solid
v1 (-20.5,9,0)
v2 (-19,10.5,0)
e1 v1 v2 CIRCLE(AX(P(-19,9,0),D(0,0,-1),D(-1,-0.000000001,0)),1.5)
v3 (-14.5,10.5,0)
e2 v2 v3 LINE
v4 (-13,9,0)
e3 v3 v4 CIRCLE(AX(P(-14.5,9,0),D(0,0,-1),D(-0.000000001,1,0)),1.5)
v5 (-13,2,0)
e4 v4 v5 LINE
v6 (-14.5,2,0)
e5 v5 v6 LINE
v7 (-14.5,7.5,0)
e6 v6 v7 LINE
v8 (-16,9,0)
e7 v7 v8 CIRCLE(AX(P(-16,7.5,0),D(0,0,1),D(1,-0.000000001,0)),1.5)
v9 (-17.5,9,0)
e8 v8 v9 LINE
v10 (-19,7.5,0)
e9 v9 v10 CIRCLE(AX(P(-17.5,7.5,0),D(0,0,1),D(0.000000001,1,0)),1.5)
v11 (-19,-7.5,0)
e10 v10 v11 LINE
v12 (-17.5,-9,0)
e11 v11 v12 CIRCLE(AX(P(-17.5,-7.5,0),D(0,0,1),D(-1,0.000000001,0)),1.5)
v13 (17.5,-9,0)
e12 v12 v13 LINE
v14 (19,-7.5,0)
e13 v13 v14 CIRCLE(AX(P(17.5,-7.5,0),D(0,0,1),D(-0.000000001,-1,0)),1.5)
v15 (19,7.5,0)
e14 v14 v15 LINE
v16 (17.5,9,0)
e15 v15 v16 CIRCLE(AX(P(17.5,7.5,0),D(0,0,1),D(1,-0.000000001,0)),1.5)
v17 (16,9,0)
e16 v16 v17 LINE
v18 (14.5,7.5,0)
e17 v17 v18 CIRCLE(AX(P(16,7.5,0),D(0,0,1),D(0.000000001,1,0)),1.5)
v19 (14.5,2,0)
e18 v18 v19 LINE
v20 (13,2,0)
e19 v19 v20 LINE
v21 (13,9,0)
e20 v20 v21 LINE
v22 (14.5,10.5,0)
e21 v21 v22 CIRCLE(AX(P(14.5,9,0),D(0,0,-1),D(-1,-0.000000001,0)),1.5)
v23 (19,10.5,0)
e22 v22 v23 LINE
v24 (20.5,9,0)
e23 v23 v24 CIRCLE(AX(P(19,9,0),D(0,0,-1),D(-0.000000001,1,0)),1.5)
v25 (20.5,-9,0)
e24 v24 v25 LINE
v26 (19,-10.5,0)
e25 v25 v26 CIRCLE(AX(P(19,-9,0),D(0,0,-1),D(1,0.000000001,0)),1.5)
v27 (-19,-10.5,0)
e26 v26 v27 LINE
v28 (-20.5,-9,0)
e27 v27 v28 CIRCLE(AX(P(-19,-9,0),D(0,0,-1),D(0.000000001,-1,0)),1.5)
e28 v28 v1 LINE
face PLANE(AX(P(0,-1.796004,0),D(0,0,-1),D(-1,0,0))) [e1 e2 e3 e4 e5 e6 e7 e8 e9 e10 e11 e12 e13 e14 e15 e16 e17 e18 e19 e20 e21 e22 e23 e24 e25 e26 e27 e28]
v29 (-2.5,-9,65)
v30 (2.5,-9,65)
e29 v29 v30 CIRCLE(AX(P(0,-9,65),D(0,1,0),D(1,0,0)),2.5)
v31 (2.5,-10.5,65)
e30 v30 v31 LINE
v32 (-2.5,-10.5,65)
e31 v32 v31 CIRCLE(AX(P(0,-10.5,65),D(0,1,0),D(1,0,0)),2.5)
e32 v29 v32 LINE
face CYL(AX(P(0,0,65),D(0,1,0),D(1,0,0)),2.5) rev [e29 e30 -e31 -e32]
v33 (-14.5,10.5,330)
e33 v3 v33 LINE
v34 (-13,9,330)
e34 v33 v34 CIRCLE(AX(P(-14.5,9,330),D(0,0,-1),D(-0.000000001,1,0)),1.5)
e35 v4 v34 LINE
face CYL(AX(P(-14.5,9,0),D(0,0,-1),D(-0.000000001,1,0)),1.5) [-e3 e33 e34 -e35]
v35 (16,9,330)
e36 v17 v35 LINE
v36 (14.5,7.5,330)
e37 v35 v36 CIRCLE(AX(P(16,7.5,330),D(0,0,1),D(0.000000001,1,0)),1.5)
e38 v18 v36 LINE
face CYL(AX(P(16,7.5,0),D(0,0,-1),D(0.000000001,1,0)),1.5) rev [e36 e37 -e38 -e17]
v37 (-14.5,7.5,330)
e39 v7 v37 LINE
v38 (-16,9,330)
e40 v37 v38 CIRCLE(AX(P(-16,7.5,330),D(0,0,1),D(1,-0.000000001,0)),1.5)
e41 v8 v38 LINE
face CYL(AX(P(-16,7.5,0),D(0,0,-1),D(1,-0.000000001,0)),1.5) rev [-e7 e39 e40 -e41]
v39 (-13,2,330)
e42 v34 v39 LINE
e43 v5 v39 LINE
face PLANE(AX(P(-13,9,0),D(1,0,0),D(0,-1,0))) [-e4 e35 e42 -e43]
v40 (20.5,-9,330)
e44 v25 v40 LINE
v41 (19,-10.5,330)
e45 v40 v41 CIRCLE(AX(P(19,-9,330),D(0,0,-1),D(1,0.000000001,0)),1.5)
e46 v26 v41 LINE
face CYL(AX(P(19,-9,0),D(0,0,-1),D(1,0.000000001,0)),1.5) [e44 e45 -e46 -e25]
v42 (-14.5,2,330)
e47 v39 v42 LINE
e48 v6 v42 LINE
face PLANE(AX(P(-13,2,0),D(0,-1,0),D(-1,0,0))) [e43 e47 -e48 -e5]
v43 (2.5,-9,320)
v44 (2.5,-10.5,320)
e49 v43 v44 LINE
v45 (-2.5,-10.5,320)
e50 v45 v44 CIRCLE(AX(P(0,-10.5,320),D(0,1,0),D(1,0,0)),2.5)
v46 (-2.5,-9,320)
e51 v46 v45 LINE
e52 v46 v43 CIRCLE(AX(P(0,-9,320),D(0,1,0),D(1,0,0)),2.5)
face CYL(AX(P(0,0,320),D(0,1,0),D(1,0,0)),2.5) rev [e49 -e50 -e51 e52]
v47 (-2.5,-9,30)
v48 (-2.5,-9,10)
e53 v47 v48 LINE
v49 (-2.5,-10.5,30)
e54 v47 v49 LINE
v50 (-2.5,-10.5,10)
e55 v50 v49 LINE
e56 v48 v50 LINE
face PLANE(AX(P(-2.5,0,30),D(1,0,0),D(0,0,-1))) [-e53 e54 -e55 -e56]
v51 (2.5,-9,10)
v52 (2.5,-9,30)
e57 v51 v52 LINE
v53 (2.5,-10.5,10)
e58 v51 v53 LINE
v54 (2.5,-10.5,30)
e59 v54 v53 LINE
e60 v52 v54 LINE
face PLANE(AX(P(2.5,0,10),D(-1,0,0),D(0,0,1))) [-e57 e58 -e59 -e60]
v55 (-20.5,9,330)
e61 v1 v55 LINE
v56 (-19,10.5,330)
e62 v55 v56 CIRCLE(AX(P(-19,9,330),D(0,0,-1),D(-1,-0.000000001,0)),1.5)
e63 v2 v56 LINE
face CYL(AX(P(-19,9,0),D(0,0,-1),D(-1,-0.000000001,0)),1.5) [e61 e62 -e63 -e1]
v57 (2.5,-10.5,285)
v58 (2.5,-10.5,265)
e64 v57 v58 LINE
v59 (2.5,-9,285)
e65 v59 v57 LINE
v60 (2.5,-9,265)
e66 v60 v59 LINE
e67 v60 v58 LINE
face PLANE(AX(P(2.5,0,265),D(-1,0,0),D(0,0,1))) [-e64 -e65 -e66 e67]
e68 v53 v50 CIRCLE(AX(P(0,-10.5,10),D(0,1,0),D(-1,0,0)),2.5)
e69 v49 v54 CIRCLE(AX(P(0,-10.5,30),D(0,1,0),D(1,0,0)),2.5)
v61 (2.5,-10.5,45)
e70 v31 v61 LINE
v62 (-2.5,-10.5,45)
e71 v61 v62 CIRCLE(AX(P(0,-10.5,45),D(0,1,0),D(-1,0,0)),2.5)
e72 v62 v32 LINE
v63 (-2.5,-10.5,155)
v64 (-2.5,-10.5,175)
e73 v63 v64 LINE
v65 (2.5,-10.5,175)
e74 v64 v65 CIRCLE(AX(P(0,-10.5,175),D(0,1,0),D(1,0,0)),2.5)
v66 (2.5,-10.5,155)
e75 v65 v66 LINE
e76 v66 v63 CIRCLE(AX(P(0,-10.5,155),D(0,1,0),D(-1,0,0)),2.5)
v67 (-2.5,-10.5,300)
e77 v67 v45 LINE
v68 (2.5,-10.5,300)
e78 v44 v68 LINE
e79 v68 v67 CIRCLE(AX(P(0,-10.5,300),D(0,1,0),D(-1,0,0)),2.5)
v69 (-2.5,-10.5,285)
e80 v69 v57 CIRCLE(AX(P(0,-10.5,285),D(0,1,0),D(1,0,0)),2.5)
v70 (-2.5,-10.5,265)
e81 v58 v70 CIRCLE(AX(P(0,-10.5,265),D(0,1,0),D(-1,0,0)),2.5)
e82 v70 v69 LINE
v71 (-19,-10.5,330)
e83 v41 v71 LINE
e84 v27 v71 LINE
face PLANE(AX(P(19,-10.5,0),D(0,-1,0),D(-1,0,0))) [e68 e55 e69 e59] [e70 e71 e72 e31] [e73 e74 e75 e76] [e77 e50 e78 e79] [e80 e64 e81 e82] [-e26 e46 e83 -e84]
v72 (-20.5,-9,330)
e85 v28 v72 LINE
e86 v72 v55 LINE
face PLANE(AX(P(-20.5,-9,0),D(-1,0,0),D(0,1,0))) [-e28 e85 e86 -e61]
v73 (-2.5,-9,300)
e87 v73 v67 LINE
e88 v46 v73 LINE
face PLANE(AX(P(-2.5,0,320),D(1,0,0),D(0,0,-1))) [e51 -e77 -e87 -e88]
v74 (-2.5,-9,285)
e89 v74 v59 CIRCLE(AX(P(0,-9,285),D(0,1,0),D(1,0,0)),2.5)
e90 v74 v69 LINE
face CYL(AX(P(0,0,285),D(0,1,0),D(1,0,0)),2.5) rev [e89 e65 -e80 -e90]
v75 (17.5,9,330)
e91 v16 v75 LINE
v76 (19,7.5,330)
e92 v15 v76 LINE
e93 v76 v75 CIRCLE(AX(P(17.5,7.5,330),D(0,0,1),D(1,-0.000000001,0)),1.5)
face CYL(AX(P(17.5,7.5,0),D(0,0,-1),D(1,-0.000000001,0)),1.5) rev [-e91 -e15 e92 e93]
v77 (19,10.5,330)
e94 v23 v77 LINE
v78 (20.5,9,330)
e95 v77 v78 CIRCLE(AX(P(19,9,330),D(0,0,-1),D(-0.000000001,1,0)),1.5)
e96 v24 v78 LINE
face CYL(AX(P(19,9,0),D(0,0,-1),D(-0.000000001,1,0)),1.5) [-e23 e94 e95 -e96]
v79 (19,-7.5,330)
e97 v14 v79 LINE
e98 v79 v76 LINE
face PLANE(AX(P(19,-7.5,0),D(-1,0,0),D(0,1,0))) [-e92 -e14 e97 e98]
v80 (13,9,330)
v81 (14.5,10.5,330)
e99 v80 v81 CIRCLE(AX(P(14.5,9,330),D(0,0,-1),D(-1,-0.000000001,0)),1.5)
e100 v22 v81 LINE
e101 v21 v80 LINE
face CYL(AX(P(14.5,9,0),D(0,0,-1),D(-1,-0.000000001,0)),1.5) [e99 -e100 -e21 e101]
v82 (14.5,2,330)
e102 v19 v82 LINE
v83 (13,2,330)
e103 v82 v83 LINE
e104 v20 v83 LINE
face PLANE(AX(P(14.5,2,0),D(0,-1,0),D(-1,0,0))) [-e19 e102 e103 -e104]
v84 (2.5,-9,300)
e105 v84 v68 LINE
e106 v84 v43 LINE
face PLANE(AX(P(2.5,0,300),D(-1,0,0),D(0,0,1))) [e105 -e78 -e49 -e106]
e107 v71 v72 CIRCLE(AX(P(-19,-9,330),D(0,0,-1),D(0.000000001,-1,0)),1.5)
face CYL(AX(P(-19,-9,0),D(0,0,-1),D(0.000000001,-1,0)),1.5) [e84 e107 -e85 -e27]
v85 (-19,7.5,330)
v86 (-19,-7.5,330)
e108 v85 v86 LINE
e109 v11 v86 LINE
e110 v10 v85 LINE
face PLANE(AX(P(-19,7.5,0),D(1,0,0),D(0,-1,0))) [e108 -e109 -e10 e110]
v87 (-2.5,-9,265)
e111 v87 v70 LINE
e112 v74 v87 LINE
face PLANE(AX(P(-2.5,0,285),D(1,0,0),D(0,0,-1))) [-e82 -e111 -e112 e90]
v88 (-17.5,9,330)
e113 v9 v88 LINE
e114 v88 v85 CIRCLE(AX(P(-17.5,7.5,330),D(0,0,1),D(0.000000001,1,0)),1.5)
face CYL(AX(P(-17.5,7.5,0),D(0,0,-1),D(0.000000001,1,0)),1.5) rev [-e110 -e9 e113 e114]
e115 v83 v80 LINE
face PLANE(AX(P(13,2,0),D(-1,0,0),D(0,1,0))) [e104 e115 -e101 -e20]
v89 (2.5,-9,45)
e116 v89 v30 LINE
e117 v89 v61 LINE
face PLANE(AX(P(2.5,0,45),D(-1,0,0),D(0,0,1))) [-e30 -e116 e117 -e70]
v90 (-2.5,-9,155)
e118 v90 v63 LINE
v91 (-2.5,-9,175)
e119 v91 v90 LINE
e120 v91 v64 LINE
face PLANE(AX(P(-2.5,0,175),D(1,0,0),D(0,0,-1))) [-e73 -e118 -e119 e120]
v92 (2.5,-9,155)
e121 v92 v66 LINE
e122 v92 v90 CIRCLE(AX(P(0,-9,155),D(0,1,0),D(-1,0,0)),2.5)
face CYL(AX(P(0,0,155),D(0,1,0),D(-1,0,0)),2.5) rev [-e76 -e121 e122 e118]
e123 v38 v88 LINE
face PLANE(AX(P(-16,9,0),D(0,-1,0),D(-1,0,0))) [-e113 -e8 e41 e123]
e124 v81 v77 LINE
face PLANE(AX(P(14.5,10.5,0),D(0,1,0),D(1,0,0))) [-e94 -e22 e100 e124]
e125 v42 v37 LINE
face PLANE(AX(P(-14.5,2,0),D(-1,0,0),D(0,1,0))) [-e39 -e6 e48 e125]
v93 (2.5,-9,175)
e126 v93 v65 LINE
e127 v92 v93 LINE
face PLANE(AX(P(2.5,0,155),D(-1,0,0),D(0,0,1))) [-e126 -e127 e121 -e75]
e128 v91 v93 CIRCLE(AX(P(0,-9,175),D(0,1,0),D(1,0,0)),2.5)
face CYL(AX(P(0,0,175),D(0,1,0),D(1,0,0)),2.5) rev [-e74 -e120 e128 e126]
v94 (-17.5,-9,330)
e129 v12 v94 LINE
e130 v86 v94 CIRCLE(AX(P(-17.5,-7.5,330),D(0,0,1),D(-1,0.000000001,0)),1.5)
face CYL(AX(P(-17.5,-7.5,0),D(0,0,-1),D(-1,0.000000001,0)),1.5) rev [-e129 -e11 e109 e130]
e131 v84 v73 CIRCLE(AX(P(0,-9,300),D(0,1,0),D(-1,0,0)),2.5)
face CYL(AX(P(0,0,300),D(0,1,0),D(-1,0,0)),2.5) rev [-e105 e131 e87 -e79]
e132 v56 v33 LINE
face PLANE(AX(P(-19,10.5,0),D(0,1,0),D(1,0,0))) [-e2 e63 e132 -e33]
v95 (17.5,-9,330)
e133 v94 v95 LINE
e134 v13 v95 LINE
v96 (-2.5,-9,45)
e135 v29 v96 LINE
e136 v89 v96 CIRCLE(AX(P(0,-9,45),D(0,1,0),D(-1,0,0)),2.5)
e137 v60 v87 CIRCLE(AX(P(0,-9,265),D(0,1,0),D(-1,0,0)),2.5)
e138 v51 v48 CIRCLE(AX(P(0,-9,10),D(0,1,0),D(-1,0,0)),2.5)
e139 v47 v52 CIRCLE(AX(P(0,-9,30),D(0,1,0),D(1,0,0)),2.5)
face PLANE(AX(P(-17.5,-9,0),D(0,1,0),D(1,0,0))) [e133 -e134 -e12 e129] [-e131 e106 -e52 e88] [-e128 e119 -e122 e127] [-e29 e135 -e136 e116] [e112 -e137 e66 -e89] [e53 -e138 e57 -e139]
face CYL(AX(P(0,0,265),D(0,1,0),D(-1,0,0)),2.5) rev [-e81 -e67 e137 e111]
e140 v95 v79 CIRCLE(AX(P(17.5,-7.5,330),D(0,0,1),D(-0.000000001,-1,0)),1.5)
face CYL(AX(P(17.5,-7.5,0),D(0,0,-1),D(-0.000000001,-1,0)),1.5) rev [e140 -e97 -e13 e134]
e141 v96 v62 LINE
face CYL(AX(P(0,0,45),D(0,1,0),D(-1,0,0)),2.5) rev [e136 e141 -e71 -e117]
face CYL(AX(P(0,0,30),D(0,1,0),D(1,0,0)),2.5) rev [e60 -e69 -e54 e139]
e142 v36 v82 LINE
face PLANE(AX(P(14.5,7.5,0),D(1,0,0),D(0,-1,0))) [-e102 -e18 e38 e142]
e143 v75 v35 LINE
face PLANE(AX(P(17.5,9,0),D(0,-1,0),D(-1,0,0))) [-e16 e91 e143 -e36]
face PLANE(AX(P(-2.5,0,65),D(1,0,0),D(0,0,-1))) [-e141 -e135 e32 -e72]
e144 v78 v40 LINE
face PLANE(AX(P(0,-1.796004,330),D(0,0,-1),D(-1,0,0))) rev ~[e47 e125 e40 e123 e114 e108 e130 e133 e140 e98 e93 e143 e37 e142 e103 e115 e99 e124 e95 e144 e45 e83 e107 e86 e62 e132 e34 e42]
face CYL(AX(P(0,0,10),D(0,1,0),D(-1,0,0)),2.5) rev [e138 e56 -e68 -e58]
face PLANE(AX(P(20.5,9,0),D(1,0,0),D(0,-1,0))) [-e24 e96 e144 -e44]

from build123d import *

# Parameters (mm, degrees)
EXTRUDE_1_DEPTH     = 330
CUT_EXTRUDE_1_DEPTH = 331.802811354


with BuildPart() as part:
    # 草图1 → 凸台-拉伸1 (new body)
    with BuildSketch(Plane.XY):
        with BuildLine():
            Line((-19, 10.5), (-14.5, 10.5))
            ThreePointArc((-14.5, 10.5), (-13.439339828, 10.060660172), (-13, 9))
            Line((-13, 9), (-13, 2))
            Line((-13, 2), (-14.5, 2))
            Line((-14.5, 2), (-14.5, 7.5))
            ThreePointArc((-14.5, 7.5), (-14.939339828, 8.560660172), (-16, 9))
            Line((-16, 9), (-17.5, 9))
            ThreePointArc((-17.5, 9), (-18.560660172, 8.560660172), (-19, 7.5))
            Line((-19, 7.5), (-19, -7.5))
            ThreePointArc((-19, -7.5), (-18.560660172, -8.560660172), (-17.5, -9))
            Line((-17.5, -9), (17.5, -9))
            ThreePointArc((17.5, -9), (18.560660172, -8.560660172), (19, -7.5))
            Line((19, -7.5), (19, 7.5))
            ThreePointArc((19, 7.5), (18.560660172, 8.560660172), (17.5, 9))
            Line((17.5, 9), (16, 9))
            ThreePointArc((16, 9), (14.939339828, 8.560660172), (14.5, 7.5))
            Line((14.5, 7.5), (14.5, 2))
            Line((14.5, 2), (13, 2))
            Line((13, 2), (13, 9))
            ThreePointArc((13, 9), (13.439339828, 10.060660172), (14.5, 10.5))
            Line((14.5, 10.5), (19, 10.5))
            ThreePointArc((19, 10.5), (20.060660172, 10.060660172), (20.5, 9))
            Line((20.5, 9), (20.5, -9))
            ThreePointArc((20.5, -9), (20.060660172, -10.060660172), (19, -10.5))
            Line((19, -10.5), (-19, -10.5))
            ThreePointArc((-19, -10.5), (-20.060660172, -10.060660172), (-20.5, -9))
            Line((-20.5, -9), (-20.5, 9))
            ThreePointArc((-20.5, 9), (-20.060660172, 10.060660172), (-19, 10.5))
        make_face()
    extrude(amount=EXTRUDE_1_DEPTH)

    # 草图3 → 切除-拉伸1 (cut, through all)
    with BuildSketch(Plane(origin=(0, 0, 0), x_dir=(1, 0, 0), z_dir=(0, 1, 0))):
        with BuildLine():
            Line((2.5, -10), (2.5, -30))
            ThreePointArc((2.5, -30), (0, -32.5), (-2.5, -30))
            Line((-2.5, -30), (-2.5, -10))
            ThreePointArc((-2.5, -10), (0, -7.5), (2.5, -10))
        make_face()
        with BuildLine():
            Line((2.5, -45), (2.5, -65))
            ThreePointArc((2.5, -65), (0, -67.5), (-2.5, -65))
            Line((-2.5, -65), (-2.5, -45))
            ThreePointArc((-2.5, -45), (0, -42.5), (2.5, -45))
        make_face()
        with BuildLine():
            Line((2.5, -155), (2.5, -175))
            ThreePointArc((2.5, -175), (0, -177.5), (-2.5, -175))
            Line((-2.5, -175), (-2.5, -155))
            ThreePointArc((-2.5, -155), (0, -152.5), (2.5, -155))
        make_face()
        with BuildLine():
            Line((-2.5, -320), (-2.5, -300))
            ThreePointArc((-2.5, -300), (0, -297.5), (2.5, -300))
            Line((2.5, -300), (2.5, -320))
            ThreePointArc((2.5, -320), (0, -322.5), (-2.5, -320))
        make_face()
        with BuildLine():
            Line((-2.5, -285), (-2.5, -265))
            ThreePointArc((-2.5, -265), (0, -262.5), (2.5, -265))
            Line((2.5, -265), (2.5, -285))
            ThreePointArc((2.5, -285), (0, -287.5), (-2.5, -285))
        make_face()
    extrude(amount=-CUT_EXTRUDE_1_DEPTH, mode=Mode.SUBTRACT)


solid = part.part
